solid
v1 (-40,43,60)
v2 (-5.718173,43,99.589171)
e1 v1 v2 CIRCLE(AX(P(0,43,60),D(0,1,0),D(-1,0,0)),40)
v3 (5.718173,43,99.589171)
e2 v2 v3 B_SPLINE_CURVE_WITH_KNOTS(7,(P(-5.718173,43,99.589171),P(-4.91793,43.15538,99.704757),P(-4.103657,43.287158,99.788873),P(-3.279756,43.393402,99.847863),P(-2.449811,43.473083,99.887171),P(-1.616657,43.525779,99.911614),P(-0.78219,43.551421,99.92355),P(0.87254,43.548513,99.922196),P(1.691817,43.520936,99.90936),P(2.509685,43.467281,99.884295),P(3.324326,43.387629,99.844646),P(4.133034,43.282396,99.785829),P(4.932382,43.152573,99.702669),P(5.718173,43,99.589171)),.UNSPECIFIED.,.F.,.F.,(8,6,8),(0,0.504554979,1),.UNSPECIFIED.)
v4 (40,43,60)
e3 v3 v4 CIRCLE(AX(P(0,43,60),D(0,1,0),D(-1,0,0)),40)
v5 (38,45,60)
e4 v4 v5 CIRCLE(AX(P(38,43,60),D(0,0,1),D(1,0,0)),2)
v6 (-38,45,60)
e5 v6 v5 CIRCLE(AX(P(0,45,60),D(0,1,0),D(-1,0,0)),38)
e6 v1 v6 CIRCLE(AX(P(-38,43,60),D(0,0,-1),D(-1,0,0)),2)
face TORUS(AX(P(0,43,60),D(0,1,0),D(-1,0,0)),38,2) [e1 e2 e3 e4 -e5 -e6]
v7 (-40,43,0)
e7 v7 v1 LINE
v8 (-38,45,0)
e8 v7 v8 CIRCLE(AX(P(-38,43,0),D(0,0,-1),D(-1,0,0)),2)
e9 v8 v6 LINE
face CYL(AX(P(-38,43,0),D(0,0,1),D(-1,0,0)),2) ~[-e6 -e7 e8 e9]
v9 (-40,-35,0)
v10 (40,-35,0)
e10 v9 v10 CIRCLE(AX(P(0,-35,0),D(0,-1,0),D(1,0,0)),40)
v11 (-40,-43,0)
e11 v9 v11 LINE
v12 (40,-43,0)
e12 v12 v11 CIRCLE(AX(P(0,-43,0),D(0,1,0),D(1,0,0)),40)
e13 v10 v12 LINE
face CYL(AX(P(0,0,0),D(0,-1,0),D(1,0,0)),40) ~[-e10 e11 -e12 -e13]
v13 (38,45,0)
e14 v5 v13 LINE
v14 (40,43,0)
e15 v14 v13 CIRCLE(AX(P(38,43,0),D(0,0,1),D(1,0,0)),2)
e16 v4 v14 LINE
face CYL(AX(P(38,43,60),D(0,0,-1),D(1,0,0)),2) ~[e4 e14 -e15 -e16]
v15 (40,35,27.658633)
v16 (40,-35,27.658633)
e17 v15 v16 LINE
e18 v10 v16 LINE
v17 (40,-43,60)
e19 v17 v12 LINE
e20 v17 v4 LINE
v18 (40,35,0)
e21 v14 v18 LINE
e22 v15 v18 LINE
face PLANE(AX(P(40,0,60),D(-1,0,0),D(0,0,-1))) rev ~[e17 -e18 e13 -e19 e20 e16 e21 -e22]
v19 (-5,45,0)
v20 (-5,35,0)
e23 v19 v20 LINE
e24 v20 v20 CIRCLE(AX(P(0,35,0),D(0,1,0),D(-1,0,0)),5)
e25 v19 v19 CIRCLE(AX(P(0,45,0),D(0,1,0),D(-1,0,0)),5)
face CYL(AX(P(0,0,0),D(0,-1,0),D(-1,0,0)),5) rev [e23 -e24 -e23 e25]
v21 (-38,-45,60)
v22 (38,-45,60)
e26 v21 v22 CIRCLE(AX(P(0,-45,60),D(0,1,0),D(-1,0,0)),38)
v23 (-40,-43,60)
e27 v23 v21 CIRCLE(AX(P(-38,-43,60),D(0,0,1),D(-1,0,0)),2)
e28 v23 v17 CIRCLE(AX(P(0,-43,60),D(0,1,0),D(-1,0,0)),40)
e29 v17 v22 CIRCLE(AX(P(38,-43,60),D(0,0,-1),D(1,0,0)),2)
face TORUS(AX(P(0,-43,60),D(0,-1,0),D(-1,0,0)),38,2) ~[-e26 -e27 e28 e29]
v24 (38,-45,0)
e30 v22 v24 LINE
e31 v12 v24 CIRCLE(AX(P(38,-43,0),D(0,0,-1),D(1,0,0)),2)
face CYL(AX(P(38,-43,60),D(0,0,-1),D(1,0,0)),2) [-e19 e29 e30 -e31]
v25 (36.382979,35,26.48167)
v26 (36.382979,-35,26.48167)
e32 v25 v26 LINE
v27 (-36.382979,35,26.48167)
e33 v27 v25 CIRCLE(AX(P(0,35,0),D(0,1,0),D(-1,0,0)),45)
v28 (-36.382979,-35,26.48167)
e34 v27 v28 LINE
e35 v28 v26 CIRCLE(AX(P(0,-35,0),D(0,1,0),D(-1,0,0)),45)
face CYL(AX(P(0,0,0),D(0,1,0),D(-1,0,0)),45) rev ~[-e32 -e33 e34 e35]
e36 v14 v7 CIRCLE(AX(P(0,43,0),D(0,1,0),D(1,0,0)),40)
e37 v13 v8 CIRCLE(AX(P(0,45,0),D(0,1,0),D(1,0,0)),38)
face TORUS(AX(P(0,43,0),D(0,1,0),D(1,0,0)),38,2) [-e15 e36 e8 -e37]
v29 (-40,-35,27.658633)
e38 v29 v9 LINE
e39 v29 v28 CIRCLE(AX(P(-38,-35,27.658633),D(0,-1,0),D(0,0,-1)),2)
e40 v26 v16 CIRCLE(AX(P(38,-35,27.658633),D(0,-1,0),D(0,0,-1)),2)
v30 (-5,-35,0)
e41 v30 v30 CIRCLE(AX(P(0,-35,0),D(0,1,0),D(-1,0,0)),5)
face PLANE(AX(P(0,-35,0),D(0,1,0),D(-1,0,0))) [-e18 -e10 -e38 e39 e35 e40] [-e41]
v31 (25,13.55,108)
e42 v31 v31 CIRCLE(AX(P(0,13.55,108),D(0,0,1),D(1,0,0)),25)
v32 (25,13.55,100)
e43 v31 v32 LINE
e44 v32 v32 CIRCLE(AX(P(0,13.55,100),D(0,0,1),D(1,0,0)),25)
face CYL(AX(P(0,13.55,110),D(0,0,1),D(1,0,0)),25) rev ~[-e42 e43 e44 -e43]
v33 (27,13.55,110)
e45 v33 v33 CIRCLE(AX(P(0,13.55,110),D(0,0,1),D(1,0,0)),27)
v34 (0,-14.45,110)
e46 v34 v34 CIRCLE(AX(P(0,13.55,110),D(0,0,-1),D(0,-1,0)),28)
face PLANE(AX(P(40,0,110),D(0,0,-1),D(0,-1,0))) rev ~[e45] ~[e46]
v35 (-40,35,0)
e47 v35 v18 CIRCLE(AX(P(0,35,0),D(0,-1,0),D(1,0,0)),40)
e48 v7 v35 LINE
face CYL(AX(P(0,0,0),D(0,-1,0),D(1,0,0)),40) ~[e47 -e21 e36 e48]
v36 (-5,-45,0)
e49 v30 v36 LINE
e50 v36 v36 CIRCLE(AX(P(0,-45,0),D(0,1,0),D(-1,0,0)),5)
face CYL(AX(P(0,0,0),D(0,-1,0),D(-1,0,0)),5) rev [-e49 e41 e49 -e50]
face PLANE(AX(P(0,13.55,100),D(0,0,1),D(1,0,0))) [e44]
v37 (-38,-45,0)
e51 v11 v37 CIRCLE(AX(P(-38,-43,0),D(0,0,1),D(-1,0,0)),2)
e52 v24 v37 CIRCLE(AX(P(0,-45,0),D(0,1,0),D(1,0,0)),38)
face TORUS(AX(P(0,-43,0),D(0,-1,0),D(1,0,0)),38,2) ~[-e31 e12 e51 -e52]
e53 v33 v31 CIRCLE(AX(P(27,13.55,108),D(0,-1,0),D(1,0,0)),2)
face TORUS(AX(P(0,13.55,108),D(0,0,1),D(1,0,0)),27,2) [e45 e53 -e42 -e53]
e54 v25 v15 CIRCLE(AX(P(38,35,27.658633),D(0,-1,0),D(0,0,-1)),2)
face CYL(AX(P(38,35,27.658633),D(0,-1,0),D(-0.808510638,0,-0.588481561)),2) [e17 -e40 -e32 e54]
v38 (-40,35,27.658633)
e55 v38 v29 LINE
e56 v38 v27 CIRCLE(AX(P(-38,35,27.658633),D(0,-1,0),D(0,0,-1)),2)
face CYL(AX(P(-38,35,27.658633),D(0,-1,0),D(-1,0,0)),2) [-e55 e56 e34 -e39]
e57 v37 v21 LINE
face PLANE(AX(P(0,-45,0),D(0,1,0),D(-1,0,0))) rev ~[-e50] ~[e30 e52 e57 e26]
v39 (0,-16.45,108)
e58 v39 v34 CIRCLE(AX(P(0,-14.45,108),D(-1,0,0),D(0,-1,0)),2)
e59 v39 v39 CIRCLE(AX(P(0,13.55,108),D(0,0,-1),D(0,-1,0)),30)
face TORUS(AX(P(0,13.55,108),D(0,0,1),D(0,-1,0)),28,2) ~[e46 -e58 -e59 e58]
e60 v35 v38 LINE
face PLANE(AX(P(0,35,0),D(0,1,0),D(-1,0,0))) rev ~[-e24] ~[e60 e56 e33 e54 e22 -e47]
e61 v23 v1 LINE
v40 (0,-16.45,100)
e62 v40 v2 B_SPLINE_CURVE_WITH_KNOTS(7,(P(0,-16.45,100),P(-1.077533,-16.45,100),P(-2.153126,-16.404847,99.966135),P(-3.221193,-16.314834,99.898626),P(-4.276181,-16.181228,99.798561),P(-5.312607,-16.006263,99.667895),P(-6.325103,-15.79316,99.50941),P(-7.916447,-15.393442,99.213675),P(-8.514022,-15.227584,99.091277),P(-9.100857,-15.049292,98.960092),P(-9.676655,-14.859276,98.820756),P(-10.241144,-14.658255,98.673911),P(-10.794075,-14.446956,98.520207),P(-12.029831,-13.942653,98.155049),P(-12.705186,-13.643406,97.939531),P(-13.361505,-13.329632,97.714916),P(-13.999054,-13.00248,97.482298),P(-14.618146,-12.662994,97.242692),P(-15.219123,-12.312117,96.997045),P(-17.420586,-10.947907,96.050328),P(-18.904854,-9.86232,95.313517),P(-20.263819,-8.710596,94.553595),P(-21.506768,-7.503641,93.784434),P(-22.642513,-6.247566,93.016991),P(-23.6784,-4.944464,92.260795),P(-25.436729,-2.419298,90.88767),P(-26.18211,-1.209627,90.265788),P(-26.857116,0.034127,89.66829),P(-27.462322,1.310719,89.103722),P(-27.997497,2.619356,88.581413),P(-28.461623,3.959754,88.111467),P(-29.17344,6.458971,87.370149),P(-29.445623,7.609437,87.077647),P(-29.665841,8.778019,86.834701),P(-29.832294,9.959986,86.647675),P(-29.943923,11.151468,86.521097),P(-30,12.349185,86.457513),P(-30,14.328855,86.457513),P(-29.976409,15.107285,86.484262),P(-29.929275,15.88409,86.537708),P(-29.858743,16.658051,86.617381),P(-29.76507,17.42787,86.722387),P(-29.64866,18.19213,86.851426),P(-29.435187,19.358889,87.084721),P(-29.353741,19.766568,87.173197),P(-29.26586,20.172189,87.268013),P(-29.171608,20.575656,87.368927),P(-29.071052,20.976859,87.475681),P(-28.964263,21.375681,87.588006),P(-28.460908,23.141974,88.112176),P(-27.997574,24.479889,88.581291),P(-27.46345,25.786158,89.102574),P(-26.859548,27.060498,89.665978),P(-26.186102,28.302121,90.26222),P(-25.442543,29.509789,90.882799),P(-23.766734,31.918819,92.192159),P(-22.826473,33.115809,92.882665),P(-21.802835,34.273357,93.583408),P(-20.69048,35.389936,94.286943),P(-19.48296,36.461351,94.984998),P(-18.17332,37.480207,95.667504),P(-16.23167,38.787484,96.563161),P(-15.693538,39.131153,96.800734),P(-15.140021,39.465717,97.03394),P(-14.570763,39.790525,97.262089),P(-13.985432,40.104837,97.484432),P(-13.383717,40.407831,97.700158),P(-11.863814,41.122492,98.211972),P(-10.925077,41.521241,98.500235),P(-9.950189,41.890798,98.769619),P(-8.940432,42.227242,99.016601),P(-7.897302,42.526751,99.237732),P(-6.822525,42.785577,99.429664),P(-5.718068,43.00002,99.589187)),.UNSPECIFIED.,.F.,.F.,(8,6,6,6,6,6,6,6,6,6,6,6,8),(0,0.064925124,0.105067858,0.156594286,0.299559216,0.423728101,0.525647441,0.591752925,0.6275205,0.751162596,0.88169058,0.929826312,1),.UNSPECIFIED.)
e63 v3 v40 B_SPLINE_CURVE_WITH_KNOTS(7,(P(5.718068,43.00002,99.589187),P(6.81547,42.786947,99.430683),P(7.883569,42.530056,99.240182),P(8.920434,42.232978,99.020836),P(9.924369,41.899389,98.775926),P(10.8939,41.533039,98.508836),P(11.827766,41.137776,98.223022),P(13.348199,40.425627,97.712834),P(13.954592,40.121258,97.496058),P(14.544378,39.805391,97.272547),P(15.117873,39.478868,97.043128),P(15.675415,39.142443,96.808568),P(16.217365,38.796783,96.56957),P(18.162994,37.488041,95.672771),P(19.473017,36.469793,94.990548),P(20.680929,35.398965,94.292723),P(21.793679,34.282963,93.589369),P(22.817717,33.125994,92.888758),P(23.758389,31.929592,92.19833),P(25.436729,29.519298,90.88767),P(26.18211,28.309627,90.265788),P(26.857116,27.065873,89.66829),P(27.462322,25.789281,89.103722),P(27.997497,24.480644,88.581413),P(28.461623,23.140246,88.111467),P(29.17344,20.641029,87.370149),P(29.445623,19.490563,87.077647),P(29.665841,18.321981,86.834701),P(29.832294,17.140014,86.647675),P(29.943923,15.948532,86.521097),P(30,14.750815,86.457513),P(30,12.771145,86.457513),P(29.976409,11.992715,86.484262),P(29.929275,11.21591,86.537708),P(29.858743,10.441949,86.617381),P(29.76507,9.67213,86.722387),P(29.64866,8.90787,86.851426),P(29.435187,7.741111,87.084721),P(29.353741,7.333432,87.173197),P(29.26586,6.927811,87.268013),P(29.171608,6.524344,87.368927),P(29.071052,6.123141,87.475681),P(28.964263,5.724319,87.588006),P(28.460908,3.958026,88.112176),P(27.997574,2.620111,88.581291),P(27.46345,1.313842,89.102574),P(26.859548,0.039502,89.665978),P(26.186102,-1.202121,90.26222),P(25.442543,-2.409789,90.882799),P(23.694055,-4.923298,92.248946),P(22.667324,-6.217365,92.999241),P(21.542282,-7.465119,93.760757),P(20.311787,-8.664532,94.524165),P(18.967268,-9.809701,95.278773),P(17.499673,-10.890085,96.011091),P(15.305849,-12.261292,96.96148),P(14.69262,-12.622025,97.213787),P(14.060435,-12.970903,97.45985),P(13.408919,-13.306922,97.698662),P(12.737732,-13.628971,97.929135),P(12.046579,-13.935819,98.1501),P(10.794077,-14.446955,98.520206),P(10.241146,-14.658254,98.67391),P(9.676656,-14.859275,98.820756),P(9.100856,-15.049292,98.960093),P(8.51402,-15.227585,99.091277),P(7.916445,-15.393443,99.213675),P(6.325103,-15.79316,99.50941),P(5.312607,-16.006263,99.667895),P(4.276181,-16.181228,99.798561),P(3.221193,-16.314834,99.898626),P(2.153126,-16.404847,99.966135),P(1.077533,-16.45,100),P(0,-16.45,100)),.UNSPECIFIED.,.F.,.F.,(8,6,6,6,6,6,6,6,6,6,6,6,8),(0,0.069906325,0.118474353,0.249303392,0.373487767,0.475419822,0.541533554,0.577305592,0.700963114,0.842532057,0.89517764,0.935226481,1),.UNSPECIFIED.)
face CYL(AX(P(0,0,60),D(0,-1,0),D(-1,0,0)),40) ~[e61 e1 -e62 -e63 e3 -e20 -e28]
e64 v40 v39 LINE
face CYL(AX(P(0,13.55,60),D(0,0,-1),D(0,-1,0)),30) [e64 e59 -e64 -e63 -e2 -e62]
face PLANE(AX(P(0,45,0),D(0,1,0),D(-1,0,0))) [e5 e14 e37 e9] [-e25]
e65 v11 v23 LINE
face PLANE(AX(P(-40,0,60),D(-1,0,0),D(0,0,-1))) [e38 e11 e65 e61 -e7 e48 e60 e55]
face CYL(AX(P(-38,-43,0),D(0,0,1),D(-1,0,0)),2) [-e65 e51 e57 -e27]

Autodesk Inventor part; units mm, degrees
ref_plane "YZ Plane" through (0, 0, 0) normal (1, 0, 0) x (0, 1, 0)
ref_plane "XZ Plane" through (0, 0, 0) normal (0, 1, 0) x (-1, 0, 0)
sketch "Sketch1" plane through (0, 0, 0) normal (0, 1, 0) x (-1, 0, 0)
  arc A0 (26.4575, 30) -> (-26.4575, 30) centre (0, 0) ccw construction
  arc A1 (40, 60) -> (-40, 60) centre (0, 60) ccw
  line L0 (0, 100) -> (0, 0) construction
  line L1 (40, 60) -> (40, 0)
  line L2 (-40, 60) -> (-40, 0)
  arc A2 (26.4575, 30) -> (40, 60) centre (0, 60) ccw construction
  arc A3 (40, 0) -> (26.4575, 30) centre (0, 0) ccw construction
  arc A4 (-40, 60) -> (26.4575, 30) centre (0, 60) ccw construction
  arc A5 (-26.4575, 30) -> (-40, 0) centre (0, 0) ccw construction
  arc A6 (-40, 0) -> (40, 0) centre (0, 0) ccw
  circle A7 centre (0, 0) radius 5
  dimension "d0" = 80
  dimension "d1" = 80
  dimension "d2" = 100
  dimension "d3" = 10
extrude "Extrusion1" add sketch "Sketch1" along normal mid plane 90
sketch "Sketch2" plane through (0, 0, 0) normal (0, 1, 0) x (-1, 0, 0)
  circle A0 centre (0, 0) radius 5 projected
  circle A1 centre (0, 0) radius 45
  dimension "d6" = 90
extrude "Extrusion2" cut sketch "Sketch2" along normal mid plane 70
fillet "Fillet1" radius 2 10 edges at (40, 0, 20.6155) (-40, 0, 20.6155) (0, 45, -40) (-40, 45, 30) (0, 45, 100) (40, 45, 30) (0, -45, 100) (-40, -45, 30) (0, -45, -40) (40, -45, 30)
ref_plane "Work Plane1" through (40, 0, 60) normal (0, 0, -1) x (0, -1, 0)
sketch "Sketch3" plane through (40, 0, 60) normal (0, 0, -1) x (0, -1, 0)
  circle A0 centre (-13.55, 40) radius 30
  line L0 (0, 40) -> (-13.55, 40)
  dimension "d10" = 60
  dimension "d11" = 13.55
extrude "Extrusion3" add sketch "Sketch3" against normal blind 50
sketch "Sketch4" plane through (0, 13.55, 110) normal (0, 0, 1) x (1, 0, 0)
  circle A0 centre (0, 0) radius 30 projected
  circle A1 centre (0, 0) radius 25
  point P0 (0, -13.55)
  dimension "d14" = 50
extrude "Extrusion4" cut sketch "Sketch4" against normal blind 10 contours A1
fillet "Fillet2" radius 2 2 edges at (0, 43.55, 110) (-25, 13.55, 110)
properties part number "Wirst2"
